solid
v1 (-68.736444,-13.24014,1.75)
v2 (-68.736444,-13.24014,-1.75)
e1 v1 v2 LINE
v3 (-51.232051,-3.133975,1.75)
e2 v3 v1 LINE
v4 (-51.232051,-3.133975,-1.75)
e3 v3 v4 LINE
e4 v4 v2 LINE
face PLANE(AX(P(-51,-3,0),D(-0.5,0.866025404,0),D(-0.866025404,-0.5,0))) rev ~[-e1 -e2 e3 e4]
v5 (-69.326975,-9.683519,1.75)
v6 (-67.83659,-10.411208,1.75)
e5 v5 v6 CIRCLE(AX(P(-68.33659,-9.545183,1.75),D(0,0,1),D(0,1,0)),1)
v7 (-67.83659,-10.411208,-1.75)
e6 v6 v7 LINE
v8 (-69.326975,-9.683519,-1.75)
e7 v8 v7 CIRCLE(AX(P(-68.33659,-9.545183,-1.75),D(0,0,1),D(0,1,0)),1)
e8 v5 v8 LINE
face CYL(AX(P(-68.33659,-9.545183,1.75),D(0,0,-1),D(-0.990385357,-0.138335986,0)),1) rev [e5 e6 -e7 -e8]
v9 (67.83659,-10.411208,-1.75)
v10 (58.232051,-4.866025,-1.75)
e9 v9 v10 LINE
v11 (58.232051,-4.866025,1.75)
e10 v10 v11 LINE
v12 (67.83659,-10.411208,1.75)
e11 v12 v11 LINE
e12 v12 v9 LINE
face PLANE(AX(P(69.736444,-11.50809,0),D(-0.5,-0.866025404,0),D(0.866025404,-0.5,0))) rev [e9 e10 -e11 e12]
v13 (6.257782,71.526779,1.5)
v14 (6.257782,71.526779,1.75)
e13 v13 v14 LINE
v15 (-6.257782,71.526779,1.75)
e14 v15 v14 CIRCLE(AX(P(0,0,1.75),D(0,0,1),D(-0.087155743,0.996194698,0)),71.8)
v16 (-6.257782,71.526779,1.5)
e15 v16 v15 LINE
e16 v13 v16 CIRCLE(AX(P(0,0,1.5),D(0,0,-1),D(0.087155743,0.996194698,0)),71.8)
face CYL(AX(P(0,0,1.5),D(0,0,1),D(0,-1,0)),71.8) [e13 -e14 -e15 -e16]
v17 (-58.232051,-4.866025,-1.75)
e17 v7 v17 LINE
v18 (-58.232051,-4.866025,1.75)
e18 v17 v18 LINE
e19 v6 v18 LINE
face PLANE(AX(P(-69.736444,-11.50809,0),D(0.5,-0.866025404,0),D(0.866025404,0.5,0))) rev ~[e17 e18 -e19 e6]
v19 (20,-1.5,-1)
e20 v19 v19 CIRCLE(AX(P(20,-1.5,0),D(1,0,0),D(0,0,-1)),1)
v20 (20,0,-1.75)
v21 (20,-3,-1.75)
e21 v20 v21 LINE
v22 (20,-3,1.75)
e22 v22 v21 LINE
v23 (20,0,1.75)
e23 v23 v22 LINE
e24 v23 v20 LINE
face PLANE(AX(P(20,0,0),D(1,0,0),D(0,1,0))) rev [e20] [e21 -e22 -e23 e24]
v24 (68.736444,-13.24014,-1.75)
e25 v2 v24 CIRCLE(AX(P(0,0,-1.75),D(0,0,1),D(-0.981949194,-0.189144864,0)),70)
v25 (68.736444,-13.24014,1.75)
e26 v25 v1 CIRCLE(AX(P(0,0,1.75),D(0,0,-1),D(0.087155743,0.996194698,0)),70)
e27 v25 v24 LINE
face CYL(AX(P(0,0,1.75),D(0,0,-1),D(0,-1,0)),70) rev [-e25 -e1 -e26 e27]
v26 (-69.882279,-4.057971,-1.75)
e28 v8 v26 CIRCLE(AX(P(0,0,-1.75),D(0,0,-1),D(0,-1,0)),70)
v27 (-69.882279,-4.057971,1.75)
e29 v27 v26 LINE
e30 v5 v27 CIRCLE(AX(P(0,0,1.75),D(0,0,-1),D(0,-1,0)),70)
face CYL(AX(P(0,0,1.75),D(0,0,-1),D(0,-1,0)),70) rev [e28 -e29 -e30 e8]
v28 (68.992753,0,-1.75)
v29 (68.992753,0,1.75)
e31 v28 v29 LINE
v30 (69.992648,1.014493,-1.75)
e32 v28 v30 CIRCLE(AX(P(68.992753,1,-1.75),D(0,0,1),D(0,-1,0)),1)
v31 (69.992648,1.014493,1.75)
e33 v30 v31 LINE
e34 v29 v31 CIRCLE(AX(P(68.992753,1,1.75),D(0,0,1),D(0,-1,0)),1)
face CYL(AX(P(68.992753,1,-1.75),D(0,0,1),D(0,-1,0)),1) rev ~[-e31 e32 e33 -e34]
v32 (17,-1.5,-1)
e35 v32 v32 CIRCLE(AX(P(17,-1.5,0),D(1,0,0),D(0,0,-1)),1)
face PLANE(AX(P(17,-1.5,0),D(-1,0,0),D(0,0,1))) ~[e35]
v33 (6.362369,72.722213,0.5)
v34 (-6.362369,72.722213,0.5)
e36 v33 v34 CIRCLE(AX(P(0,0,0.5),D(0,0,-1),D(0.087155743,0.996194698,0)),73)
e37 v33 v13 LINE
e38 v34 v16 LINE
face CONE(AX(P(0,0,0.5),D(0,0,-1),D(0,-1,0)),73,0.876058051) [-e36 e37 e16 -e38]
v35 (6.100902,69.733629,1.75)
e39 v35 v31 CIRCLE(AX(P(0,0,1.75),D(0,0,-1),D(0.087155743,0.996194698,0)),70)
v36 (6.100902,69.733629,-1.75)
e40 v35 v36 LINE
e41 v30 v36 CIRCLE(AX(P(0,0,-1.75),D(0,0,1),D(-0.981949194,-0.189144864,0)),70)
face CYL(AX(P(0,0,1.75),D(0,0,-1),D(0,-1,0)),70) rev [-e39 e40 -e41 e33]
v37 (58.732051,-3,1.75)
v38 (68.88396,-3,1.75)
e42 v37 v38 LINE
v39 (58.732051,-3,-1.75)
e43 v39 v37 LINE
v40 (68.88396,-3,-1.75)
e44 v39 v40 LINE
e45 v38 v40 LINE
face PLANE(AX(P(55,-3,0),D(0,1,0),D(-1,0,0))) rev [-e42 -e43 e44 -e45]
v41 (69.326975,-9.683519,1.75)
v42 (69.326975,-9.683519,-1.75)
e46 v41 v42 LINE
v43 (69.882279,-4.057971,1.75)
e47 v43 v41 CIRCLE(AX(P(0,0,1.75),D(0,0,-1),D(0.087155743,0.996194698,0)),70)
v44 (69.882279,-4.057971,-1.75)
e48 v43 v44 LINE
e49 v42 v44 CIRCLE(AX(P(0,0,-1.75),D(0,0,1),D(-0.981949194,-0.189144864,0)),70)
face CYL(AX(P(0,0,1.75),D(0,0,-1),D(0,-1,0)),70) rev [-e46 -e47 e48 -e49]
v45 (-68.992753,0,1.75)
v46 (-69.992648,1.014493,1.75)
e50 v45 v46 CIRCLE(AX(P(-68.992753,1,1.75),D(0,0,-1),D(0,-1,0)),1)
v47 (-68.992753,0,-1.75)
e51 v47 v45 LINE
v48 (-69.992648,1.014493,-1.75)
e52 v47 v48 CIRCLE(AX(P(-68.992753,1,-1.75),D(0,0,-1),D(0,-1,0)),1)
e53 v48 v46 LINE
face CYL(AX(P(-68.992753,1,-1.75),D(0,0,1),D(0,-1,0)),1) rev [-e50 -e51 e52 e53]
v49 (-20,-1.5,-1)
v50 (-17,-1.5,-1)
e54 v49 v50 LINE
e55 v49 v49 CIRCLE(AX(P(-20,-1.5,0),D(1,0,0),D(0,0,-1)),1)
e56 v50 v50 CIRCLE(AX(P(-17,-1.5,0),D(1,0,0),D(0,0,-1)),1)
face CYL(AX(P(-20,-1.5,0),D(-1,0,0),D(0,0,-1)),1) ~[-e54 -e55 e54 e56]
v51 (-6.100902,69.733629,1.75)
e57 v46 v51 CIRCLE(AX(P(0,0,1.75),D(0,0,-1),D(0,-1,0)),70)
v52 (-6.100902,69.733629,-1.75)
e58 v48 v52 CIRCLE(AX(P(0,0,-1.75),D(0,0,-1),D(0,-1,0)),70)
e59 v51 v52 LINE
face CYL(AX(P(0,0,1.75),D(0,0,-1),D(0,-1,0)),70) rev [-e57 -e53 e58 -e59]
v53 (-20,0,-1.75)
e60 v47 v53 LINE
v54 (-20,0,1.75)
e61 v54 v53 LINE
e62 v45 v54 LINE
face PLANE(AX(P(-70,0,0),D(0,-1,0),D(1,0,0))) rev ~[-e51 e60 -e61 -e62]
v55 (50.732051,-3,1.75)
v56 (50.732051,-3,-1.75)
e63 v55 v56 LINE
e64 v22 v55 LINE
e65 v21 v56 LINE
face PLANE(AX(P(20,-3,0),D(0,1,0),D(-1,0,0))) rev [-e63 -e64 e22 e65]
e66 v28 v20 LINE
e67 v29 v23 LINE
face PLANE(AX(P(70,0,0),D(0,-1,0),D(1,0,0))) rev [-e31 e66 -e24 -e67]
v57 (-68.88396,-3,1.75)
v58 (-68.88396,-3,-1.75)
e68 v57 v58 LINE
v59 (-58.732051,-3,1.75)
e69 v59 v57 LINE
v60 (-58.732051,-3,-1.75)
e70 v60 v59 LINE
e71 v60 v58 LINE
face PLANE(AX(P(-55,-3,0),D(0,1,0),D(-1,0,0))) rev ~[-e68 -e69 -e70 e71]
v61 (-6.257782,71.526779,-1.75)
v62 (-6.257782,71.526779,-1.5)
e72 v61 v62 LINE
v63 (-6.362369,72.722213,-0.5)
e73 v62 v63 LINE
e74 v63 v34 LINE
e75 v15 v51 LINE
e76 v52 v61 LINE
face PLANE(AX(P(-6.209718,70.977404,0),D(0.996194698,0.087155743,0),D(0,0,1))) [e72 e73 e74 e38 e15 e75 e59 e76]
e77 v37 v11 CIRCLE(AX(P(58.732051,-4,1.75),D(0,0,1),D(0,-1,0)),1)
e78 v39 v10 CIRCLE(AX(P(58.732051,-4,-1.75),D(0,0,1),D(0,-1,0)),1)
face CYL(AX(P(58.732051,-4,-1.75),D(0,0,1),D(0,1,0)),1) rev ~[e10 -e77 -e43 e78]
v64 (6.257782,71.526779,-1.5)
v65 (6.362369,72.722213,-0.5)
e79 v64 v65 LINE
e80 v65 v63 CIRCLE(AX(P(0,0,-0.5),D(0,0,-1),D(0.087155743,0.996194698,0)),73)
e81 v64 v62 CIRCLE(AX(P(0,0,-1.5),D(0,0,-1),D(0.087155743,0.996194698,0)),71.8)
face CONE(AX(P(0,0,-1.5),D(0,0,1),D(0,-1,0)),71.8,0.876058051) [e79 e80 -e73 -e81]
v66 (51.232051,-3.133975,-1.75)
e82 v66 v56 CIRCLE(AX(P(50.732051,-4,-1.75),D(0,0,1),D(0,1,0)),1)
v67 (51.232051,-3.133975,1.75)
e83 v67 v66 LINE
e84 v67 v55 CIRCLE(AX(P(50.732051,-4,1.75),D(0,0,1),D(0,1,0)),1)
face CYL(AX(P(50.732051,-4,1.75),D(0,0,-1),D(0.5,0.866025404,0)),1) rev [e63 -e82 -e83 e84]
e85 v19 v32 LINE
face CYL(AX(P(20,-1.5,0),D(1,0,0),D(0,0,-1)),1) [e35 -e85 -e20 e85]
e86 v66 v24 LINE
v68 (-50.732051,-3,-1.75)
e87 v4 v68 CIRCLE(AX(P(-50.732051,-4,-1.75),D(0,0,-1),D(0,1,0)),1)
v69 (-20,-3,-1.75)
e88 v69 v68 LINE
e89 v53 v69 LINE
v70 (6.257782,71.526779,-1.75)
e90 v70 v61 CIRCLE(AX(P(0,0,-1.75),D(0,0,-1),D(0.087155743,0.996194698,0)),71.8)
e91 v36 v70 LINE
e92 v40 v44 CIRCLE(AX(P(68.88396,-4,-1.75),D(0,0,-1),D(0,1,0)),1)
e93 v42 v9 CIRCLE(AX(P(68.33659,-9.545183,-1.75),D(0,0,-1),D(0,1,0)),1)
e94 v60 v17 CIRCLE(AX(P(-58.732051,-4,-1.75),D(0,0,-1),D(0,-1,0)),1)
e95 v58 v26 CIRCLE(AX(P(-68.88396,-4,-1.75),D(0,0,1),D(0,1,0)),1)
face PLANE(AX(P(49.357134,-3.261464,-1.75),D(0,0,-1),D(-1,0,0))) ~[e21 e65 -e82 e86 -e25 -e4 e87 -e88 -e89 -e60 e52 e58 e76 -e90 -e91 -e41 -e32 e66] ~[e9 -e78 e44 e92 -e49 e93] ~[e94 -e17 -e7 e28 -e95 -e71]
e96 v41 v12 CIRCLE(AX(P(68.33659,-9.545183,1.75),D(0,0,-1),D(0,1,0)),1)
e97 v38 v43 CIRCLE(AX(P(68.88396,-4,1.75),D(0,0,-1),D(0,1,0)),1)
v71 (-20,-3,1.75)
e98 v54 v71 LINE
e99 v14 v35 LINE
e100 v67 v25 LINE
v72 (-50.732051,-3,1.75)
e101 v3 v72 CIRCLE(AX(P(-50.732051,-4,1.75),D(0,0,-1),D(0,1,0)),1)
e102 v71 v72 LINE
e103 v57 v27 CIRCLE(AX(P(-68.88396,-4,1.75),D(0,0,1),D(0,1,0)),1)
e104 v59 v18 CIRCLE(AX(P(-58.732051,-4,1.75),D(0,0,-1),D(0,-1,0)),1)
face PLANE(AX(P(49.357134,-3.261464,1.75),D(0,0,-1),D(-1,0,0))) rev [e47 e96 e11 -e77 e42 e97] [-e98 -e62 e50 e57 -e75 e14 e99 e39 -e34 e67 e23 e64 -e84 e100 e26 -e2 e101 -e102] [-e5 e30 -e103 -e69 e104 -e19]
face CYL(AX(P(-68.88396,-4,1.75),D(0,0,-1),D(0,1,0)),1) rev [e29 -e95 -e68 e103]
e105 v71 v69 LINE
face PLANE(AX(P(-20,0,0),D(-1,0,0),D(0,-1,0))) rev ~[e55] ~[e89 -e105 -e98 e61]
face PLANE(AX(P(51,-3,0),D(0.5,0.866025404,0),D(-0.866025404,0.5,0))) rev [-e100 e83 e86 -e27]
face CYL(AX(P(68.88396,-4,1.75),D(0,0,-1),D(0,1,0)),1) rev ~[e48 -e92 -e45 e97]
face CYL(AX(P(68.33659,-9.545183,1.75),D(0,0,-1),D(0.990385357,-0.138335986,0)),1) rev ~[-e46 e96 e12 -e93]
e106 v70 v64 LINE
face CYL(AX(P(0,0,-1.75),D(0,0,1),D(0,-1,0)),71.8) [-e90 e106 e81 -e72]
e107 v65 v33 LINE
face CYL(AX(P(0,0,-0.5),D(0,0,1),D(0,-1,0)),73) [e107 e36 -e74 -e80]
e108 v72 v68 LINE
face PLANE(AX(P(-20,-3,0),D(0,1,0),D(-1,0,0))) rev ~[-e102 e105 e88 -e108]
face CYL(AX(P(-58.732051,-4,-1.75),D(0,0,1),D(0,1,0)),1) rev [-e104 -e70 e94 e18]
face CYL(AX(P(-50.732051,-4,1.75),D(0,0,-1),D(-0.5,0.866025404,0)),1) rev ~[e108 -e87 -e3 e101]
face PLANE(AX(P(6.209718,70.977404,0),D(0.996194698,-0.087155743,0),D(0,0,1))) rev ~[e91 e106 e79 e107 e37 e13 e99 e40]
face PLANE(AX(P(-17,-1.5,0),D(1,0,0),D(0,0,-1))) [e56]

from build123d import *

# Parameters (mm, degrees)
REVOLVE1_ANGLE           = 175
REVOLVE1_OTHER_WAY_ANGLE = 175
BOSS_EXTRUDE1_DEPTH      = 1.75
SKETCH5_R                = 1
BOSS_EXTRUDE2_DEPTH      = 3
FILLET1_R                = 1
FILLET1_OF_MIRROR1_R     = 1


with BuildPart() as part:
    # Sketch2 → Revolve1 (revolve)
    with BuildSketch(Plane(origin=(0, 0, 0), x_dir=(0, 0, -1), z_dir=(1, 0, 0))):
        Polygon((1.75, -70), (1.75, -71.8), (1.5, -71.8), (0.5, -73), (-0.5, -73), (-1.5, -71.8), (-1.75, -71.8), (-1.75, -70), align=None)
    revolve(axis=Axis((0, 0, 0), (0, 0, -1)), revolution_arc=REVOLVE1_ANGLE)

    # Sketch2 → Revolve1 other way (revolve)
    with BuildSketch(Plane(origin=(0, 0, 0), x_dir=(0, 0, -1), z_dir=(1, 0, 0))):
        Polygon((1.75, -70), (1.75, -71.8), (1.5, -71.8), (0.5, -73), (-0.5, -73), (-1.5, -71.8), (-1.75, -71.8), (-1.75, -70), align=None)
    revolve(axis=Axis((0, 0, 0), (0, 0, 1)), revolution_arc=REVOLVE1_OTHER_WAY_ANGLE)

    # Sketch3 → Boss-Extrude1 (add, symmetric)
    with BuildSketch(Plane.XY):
        Polygon((-70, 0), (-20, 0), (-20, -3), (-51, -3), (-68.736443607, -13.240140491), (-69.736443607, -11.508089684), (-55, -3), (-70, -3), align=None)
    boss_extrude1 = extrude(amount=BOSS_EXTRUDE1_DEPTH, both=True)

    # Sketch5 → Boss-Extrude2 (add)
    with BuildSketch(Plane(origin=(-20, 0, 0), x_dir=(0, 0, -1), z_dir=(1, 0, 0))):
        with Locations((0, -1.5)):
            Circle(SKETCH5_R)
    boss_extrude2 = extrude(amount=BOSS_EXTRUDE2_DEPTH)

    # Fillet1
    fillet1_edges = [part.edges().sort_by_distance(p)[0] for p in [
        (-69.93568474, -3, 0),
        (-69.107123463, -11.144751529, 0),
        (-70, 0, 0),
        (-55, -3, 0),
        (-51, -3, 0),
    ]]
    fillet(fillet1_edges, radius=FILLET1_R)

    # Mirror1: Boss-Extrude1, Boss-Extrude2 across plane
    add(boss_extrude1.mirror(Plane(origin=(0, 0, 0), x_dir=(0, 0, 1), z_dir=(1, 0, 0))))
    add(boss_extrude2.mirror(Plane(origin=(0, 0, 0), x_dir=(0, 0, 1), z_dir=(1, 0, 0))))

    # Fillet1 of Mirror1
    fillet1_of_mirror1_edges = [part.edges().sort_by_distance(p)[0] for p in [
        (69.93568474, -3, 0),
        (69.107123463, -11.144751529, 0),
        (70, 0, 0),
        (55, -3, 0),
        (51, -3, 0),
    ]]
    fillet(fillet1_of_mirror1_edges, radius=FILLET1_OF_MIRROR1_R)


solid = part.part
